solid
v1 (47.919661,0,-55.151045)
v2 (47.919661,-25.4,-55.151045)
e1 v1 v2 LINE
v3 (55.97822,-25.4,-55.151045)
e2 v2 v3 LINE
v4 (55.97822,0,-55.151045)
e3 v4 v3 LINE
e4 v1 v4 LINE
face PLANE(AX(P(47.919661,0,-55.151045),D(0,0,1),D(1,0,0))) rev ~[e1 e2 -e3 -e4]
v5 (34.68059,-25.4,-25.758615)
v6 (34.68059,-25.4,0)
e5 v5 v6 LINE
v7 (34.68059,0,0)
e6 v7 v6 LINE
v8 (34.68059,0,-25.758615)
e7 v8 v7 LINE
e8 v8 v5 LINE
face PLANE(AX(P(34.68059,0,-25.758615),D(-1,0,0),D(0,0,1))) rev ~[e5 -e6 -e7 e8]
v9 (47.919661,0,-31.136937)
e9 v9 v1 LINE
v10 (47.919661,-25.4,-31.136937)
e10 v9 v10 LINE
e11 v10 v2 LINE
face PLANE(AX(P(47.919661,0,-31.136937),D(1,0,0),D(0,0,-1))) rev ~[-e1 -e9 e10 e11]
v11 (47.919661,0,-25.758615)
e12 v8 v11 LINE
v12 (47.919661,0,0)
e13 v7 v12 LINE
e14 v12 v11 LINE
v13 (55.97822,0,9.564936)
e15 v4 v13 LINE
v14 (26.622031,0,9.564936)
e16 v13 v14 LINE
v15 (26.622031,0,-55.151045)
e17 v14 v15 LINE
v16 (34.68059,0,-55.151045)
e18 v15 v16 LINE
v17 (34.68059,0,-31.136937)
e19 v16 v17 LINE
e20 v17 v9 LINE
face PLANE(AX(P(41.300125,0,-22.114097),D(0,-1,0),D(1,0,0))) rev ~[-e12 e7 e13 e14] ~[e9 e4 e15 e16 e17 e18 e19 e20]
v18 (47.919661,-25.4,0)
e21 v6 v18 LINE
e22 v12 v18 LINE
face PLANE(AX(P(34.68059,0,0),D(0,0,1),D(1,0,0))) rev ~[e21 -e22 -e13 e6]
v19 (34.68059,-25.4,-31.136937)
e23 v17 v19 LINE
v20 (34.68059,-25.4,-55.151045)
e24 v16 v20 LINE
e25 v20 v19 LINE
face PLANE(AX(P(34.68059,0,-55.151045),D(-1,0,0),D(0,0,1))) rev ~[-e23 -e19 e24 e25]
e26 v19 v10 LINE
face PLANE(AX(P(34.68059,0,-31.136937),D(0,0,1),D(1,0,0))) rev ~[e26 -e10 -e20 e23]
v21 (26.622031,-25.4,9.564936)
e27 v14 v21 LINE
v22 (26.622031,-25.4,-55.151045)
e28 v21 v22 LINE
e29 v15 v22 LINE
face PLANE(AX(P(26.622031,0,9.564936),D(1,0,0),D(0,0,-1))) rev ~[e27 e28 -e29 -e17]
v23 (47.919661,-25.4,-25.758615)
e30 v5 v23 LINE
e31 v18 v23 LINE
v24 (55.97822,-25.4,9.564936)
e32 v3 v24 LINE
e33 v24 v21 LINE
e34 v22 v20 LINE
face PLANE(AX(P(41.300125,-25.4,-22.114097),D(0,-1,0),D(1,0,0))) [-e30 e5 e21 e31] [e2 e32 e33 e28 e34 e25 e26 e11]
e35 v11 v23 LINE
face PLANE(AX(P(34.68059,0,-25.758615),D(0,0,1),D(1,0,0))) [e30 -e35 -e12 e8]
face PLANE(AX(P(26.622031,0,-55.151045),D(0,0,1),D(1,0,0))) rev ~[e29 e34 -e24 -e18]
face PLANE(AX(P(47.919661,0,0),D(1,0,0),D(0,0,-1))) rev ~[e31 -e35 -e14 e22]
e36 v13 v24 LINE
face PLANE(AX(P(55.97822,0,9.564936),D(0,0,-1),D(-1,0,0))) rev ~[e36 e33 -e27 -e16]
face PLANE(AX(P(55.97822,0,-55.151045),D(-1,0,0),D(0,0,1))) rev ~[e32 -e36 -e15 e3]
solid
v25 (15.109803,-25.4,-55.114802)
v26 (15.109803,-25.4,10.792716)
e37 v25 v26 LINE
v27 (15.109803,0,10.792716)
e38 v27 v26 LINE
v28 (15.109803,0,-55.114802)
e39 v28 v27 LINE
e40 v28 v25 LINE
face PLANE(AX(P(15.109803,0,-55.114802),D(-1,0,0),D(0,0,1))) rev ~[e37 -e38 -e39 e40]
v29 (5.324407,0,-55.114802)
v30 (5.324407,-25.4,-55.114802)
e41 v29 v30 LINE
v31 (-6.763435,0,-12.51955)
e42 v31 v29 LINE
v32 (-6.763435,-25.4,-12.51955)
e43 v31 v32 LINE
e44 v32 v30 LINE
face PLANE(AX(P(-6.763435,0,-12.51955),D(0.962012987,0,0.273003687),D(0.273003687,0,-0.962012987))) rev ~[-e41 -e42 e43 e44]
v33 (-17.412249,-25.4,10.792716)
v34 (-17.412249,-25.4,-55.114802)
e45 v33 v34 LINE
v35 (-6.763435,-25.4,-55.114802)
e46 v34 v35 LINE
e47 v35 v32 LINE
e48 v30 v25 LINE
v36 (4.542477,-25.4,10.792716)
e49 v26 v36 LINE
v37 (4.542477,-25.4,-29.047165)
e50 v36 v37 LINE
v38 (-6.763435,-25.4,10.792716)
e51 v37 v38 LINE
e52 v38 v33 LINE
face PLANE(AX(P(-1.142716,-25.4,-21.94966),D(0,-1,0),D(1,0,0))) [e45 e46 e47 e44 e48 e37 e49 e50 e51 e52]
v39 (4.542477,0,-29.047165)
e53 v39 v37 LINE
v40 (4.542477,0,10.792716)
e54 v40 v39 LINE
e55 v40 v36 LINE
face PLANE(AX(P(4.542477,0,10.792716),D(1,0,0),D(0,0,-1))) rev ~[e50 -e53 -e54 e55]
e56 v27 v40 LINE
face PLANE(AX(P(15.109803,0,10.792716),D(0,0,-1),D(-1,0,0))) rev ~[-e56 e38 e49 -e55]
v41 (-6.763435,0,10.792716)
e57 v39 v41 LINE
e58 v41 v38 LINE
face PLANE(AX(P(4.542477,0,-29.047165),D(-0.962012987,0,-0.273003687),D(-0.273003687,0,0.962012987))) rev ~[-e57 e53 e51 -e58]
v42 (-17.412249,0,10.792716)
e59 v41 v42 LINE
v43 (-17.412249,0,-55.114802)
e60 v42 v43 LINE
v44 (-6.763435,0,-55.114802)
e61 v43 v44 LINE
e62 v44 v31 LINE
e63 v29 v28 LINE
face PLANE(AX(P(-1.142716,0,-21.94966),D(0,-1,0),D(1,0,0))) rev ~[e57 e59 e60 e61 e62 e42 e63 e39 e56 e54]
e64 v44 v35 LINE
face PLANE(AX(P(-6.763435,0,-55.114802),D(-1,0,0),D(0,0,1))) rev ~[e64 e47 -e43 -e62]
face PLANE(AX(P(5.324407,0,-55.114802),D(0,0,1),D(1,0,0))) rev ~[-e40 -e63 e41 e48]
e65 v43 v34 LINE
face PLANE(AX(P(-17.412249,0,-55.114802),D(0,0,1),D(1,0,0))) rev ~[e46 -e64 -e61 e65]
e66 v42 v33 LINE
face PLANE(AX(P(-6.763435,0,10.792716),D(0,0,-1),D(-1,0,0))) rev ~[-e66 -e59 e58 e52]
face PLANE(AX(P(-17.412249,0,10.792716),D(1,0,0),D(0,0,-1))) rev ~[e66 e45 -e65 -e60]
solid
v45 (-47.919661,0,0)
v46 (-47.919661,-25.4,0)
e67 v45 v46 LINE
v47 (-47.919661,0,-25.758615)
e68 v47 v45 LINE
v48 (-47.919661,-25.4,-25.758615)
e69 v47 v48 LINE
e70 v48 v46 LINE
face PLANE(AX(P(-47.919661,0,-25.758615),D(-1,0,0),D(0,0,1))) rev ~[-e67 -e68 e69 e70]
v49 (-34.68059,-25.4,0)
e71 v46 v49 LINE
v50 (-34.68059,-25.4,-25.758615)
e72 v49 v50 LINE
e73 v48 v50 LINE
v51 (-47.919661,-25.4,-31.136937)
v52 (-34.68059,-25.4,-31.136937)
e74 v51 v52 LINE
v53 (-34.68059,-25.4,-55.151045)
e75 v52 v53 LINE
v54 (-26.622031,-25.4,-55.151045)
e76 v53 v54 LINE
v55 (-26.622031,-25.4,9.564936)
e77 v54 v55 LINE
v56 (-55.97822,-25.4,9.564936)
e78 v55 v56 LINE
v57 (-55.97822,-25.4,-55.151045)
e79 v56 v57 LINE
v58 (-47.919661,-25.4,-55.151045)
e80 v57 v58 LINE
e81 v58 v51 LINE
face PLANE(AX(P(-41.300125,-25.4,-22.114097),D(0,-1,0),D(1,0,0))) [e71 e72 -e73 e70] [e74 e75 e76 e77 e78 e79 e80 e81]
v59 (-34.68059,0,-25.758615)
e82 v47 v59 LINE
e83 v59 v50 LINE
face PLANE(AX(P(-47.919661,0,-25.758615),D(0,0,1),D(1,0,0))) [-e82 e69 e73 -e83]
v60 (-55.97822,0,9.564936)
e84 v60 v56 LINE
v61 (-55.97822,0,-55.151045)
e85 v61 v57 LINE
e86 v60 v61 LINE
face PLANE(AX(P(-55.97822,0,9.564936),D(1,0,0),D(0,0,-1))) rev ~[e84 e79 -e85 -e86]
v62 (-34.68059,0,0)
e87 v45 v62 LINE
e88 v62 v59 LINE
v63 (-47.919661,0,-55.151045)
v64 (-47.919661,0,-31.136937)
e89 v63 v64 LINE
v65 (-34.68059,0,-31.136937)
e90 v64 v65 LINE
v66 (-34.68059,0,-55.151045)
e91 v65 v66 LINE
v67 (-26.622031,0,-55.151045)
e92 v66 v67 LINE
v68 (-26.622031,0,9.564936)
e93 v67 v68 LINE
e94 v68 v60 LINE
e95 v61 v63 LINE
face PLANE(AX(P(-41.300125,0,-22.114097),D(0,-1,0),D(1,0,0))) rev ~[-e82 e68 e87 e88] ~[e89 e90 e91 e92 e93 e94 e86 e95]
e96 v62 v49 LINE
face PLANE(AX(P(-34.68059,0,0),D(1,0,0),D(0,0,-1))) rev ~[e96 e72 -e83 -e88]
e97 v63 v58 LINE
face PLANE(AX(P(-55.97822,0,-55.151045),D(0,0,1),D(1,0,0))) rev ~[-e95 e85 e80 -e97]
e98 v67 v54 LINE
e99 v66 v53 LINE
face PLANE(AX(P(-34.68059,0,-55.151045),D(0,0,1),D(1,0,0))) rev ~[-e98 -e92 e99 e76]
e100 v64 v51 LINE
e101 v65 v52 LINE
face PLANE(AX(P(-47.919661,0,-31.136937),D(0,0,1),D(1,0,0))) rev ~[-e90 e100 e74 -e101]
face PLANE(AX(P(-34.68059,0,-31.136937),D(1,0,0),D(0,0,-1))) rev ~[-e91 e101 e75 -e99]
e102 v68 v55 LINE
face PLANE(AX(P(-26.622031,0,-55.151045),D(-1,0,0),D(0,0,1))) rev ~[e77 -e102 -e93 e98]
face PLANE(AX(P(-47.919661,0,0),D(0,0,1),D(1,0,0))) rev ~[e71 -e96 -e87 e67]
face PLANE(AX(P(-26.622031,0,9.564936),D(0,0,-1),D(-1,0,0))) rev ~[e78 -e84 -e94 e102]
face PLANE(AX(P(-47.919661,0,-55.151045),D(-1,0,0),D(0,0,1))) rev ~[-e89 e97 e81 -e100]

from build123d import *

# Parameters (mm, degrees)
F0_W     = 13.2390707731
F0_H     = 5.3783226758
F1_DEPTH = 25.4


with BuildPart() as f1:
    # F0 (on Front) → F1 (new body)
    with BuildSketch(Plane.XZ):
        Polygon((-26.622030884, 9.564936161), (-55.9782199562, 9.564936161), (-55.9782199562, -55.1510453224), (-47.9196608067, -55.1510453224), (-47.9196608067, -31.1369374394), (-47.9196608067, -25.7586147636), (-47.9196608067, -7.1228295565), (-47.9196608067, 0), (-34.6805900335, 0), (-34.6805900335, -7.1228295565), (-34.6805900335, -25.7586147636), (-34.6805900335, -31.1369374394), (-34.6805900335, -39.2773151398), (-34.6805900335, -55.1510453224), (-26.622030884, -55.1510453224), align=None)
        with Locations((-41.3001254201, -28.4477761015)):
            Rectangle(F0_W, F0_H)
    extrude(amount=F1_DEPTH)


with BuildPart() as f1b:
    # F0 (on Front) → F1, piece 2 (new body)
    with BuildSketch(Plane.XZ):
        Polygon((-17.4122489989, 10.7927164063), (-17.4122489989, 9.0658813715), (-17.4122489989, 0), (-17.4122489989, -55.1148019731), (-6.7634354346, -55.1148019731), (-6.7634354346, -12.5195495784), (5.3244065493, -55.1148019731), (15.1098025963, -55.1148019731), (15.1098025963, 10.7927164063), (4.5424767993, 10.7927164063), (4.5424767993, -29.0471645083), (-6.7634354346, 10.7927164063), align=None)
    extrude(amount=F1_DEPTH)


with BuildPart() as f1c:
    # F0 (on Front) → F1, piece 3 (new body)
    with BuildSketch(Plane.XZ):
        Polygon((55.9782199562, 9.564936161), (26.622030884, 9.564936161), (26.622030884, -55.1510453224), (34.6805900335, -55.1510453224), (34.6805900335, -31.1369374394), (34.6805900335, -25.7586147636), (34.6805900335, -7.1228295565), (34.6805900335, 0), (47.9196608067, 0), (47.9196608067, -7.1228295565), (47.9196608067, -25.7586147636), (47.9196608067, -31.1369374394), (47.9196608067, -55.1510453224), (55.9782199562, -55.1510453224), align=None)
        with Locations((41.3001254201, -28.4477761015)):
            Rectangle(F0_W, F0_H)
    extrude(amount=F1_DEPTH)


solid = Compound([f1.part, f1b.part, f1c.part])
